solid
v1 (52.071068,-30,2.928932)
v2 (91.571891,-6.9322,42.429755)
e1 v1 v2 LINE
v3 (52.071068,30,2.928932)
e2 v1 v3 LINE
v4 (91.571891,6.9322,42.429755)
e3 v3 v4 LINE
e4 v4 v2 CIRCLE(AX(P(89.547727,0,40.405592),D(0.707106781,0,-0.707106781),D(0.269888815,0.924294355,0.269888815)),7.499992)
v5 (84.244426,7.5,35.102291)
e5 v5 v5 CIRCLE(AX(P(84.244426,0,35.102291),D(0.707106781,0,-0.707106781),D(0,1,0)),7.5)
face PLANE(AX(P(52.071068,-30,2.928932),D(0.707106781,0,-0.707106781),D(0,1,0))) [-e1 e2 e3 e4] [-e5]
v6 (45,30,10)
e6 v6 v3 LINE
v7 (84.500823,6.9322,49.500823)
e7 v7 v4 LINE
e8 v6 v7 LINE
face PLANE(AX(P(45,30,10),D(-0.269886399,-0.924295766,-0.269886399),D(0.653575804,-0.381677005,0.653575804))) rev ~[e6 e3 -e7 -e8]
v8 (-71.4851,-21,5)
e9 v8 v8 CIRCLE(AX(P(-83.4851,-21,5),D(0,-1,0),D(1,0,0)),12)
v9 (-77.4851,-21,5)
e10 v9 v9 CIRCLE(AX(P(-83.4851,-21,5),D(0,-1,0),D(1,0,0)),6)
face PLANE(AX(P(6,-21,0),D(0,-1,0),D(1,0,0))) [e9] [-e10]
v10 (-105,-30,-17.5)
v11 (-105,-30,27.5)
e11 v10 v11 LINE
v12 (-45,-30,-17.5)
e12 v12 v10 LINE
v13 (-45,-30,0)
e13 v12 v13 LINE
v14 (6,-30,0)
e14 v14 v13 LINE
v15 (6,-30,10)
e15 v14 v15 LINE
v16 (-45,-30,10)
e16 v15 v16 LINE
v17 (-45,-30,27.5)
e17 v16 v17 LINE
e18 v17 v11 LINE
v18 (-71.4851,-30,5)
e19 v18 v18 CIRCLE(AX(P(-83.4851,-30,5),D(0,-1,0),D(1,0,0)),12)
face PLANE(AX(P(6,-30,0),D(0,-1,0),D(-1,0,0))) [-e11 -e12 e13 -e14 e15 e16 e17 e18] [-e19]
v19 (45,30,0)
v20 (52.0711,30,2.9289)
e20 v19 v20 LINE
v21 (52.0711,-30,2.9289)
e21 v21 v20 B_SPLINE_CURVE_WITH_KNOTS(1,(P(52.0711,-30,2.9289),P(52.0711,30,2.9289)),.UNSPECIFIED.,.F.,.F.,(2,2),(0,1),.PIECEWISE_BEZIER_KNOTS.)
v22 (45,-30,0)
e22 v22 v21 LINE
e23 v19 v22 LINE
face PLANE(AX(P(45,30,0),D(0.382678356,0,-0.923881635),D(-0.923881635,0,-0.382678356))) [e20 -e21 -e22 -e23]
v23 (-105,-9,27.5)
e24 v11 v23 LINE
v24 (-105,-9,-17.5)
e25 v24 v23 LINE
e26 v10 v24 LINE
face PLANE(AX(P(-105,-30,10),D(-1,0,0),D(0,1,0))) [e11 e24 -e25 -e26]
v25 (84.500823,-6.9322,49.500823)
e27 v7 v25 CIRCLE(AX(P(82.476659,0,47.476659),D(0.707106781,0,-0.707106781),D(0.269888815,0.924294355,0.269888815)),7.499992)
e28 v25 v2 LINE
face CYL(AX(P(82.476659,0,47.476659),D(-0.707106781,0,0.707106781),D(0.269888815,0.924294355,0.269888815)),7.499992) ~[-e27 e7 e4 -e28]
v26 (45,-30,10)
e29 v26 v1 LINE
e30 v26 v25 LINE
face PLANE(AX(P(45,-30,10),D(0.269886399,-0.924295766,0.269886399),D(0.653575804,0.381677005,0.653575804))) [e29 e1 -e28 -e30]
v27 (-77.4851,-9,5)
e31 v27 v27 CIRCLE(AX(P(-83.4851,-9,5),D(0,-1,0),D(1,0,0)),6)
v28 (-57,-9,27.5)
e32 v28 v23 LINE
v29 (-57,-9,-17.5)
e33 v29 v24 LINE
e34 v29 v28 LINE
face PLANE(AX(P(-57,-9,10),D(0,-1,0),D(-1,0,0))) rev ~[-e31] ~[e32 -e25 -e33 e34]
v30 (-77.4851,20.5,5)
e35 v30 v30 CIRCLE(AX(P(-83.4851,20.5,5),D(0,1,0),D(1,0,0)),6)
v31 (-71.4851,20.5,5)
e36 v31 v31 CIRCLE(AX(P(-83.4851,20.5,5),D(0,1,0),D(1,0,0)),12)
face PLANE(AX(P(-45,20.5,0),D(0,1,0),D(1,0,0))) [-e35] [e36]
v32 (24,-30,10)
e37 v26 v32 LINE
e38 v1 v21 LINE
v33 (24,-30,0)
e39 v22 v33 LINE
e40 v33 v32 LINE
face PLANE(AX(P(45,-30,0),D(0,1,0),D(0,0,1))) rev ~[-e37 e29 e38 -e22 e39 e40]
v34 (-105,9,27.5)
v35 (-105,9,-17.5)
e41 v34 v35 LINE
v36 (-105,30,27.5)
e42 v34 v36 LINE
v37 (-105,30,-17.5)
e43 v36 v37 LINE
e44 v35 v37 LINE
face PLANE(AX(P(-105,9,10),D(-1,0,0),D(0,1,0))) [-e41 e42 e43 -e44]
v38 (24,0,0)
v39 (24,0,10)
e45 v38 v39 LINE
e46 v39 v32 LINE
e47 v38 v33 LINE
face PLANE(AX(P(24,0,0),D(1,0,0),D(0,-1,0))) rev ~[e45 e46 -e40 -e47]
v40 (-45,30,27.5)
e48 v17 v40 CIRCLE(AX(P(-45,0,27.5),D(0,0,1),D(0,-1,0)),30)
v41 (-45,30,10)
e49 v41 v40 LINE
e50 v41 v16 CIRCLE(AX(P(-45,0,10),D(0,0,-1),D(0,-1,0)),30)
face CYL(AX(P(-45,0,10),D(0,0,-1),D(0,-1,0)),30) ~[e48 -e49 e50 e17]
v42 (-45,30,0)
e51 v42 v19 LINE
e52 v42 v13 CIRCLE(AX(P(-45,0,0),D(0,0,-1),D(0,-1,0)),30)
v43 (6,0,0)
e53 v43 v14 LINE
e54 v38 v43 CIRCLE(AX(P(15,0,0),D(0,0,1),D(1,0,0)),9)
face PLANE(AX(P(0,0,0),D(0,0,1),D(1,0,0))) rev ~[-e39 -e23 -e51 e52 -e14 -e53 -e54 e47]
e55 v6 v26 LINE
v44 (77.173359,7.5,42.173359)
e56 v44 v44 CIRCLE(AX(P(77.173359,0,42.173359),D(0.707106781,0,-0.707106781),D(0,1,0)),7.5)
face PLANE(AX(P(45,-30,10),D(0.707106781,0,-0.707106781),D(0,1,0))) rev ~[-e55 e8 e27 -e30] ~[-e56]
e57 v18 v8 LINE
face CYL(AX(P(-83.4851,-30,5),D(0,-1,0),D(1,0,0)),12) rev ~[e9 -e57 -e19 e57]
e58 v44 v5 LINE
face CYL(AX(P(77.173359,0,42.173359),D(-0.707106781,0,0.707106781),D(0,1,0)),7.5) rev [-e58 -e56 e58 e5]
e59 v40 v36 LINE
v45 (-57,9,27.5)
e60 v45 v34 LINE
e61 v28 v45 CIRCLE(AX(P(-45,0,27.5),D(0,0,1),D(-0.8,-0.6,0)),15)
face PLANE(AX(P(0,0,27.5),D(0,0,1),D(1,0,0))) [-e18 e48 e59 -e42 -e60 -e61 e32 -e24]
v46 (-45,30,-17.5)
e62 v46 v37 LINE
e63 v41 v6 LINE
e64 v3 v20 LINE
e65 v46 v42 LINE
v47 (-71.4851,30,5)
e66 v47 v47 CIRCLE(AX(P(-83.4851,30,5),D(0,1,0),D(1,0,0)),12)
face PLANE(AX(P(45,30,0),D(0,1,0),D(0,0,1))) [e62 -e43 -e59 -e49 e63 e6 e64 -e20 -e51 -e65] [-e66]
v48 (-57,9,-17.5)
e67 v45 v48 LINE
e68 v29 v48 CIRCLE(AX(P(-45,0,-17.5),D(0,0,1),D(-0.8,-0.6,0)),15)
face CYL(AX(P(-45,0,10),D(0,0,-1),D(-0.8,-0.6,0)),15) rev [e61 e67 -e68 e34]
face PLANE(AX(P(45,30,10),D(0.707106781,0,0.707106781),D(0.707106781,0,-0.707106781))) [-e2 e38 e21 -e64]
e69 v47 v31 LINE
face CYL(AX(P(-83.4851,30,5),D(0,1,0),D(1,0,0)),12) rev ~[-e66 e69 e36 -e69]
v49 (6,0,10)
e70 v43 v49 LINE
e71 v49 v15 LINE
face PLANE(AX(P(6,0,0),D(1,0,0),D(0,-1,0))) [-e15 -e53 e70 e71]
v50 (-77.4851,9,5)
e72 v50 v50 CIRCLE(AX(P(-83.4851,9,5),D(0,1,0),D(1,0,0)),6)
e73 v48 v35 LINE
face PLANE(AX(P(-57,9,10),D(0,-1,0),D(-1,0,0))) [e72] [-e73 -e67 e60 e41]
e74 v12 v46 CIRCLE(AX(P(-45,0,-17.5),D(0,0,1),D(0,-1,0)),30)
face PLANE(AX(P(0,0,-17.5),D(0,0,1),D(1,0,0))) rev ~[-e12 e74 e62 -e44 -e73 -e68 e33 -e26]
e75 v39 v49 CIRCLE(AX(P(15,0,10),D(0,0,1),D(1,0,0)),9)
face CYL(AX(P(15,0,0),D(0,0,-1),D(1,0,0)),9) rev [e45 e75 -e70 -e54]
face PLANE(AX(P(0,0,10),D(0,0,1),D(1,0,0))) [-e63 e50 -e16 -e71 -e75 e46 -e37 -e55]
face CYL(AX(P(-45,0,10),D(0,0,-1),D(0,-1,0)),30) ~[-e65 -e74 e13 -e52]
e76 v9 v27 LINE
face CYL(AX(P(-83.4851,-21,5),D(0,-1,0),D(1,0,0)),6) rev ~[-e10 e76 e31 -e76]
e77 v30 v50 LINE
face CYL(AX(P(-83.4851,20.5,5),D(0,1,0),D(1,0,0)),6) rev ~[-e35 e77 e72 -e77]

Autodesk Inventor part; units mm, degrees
sketch "Sketch1" plane through (0, 0, 0) normal (0, 0, 1) x (1, 0, 0)
  line L0 (-363.8821, 101.7163) -> (-138.7473, 103.6763) construction
  line L1 (-138.7473, 103.6763) -> (-137.081, -87.7242) construction
  line L2 (-137.081, -87.7242) -> (-362.2158, -89.6841) construction
  line L3 (-362.2158, -89.6841) -> (-363.8821, 101.7163) construction
  line L4 (-45, 30) -> (45, 30)
  line L5 (45, 30) -> (45, -30)
  line L6 (-45, -30) -> (-45, 30)
  line L7 (-45, 30) -> (45, -30) construction
  line L8 (45, 30) -> (-45, -30) construction
  arc A0 (24, 0) -> (6, 0) centre (15, 0) ccw
  line L9 (15, 0) -> (6, 0) construction
  line L10 (15, 0) -> (24, 0) construction
  line L11 (6, 0) -> (6, -30)
  line L12 (24, 0) -> (24, -30)
  line L13 (45, -30) -> (24, -30)
  line L14 (6, -30) -> (-45, -30)
  point P0 (0, 0)
  dimension "d9" = 90
  dimension "d10" = 60
  dimension "d12" = 9
  dimension "d13" = 180
  dimension "d14" = 30
  dimension "d15" = 30
extrude "Extrusion1" add sketch "Sketch1" along normal blind 10
ref_plane "Work Plane1" through (45, -30, 10) normal (0.7071, 0, -0.7071) x (0, 1, 0)
sketch "Sketch2" plane through (45, -30, 10) normal (0.7071, 0, -0.7071) x (0, 1, 0)
  line L0 (60, 0) -> (60, -63.6396) projected
  line L1 (0, 0) -> (60, 0) projected
  circle A0 centre (30, 45.5) radius 7.5
  line L2 (60, 0) -> (36.9322, 55.8626)
  line L3 (0, 0) -> (23.0678, 55.8626)
  arc A1 (36.9322, 55.8626) -> (23.0678, 55.8626) centre (30, 53) ccw
  point P0 (30, -38.8909)
  dimension "d19" = 15
  dimension "d20" = 45.5
  dimension "d22" = 7.5
extrude "Extrusion2" add sketch "Sketch2" along normal blind 10
sketch "Sketch3" plane through (0, 0, 0) normal (0, 1, 0) x (-1, 0, 0)
  point P0 (0, 0)
sketch "Sketch4" plane through (0, 0, 0) normal (0, 0, 1) x (1, 0, 0)
  point P0 (0, 0)
sketch "Sketch5" plane through (0, 0, 0) normal (0, 1, 0) x (-1, 0, 0)
  point P0 (0, 0)
ref_plane "Work Plane2" through (0, 30, 0) normal (0, 1, 0) x (-1, 0, 0)
ref_plane "Work Plane3" through (0, -30, 0) normal (0, 1, 0) x (-1, 0, 0)
sketch "Sketch6" plane through (0, 30, 0) normal (0, 1, 0) x (-1, 0, 0)
  line L0 (-45, 0) -> (-45, 10) projected
  line L1 (-45, 10) -> (-52.0711, 2.9289) projected
  line L2 (-45, 0) -> (-52.0711, 2.9289)
  line L3 (-52.0711, 2.9289) -> (-45, 10)
  line L4 (-45, 10) -> (-45, 0)
  point P0 (0, 0)
sketch "Sketch7" plane through (0, -30, 0) normal (0, 1, 0) x (-1, 0, 0)
  point P0 (0, 0)
sketch "Sketch8" plane through (0, -30, 0) normal (0, 1, 0) x (-1, 0, 0)
  line L0 (-45, 10) -> (-52.0711, 2.9289) projected
  line L1 (-52.0711, 2.9289) -> (-45, 10)
  line L2 (-45, 0) -> (-45, 10) projected
  line L3 (-45, 10) -> (-45, 0)
  line L4 (-45, 0) -> (-52.0711, 2.9289)
  point P0 (0, 0)
loft "Loft1" add profiles "Sketch8", "Sketch6"
sketch "Sketch9" plane through (0, 0, 10) normal (0, 0, 1) x (1, 0, 0)
  line L0 (45, 30) -> (-45, 30) projected
  line L1 (-45, 30) -> (-105, 30)
  line L2 (-45, 30) -> (-45, -30) projected
  line L3 (-45, -30) -> (-105, -30)
  arc A0 (-45, -30) -> (-45, 30) centre (-45, 0) ccw
  arc A1 (-57, -9) -> (-57, 9) centre (-45, 0) ccw
  line L4 (-57, 9) -> (-105, 9)
  line L5 (-57, -9) -> (-105, -9)
  line L6 (-105, -30) -> (-105, -9)
  line L7 (-105, 9) -> (-105, 30)
  point P0 (0, 0)
  dimension "d31" = 60
  dimension "d32" = 60
  dimension "d33" = 15
  dimension "d34" = 18
  dimension "d35" = 21
extrude "Extrusion3" add sketch "Sketch9" along normal blind 17.5 and the other way blind 27.5 contours L2 A1 L4 L7 L1 | A0 L2 A1 | L3 L6 L5 A1 L2
sketch "Sketch10" plane through (-105, 9, 27.5) normal (-1, 0, 0) x (0, 0, 1)
  line L0 (-45, 0) -> (-45, 21) projected
  line L1 (0, 21) -> (0, 0) projected
  point P0 (-27.5, -9)
  point P1 (-45, 10.5)
  dimension "d40" = 45
sketch "Sketch11" plane through (-45, 30, 0) normal (0, 1, 0) x (1, 0, 0)
  circle A0 centre (-38.4851, -5) radius 12
  line L0 (0, -27.5) -> (-60, -27.5) projected
  point P0 (45, 0)
  dimension "d42" = 24
extrude "Extrusion4" cut sketch "Sketch11" against normal blind 9.5
sketch "Sketch12" plane through (-83.4851, 20.5, 5) normal (0, 1, 0) x (1, 0, 0)
  circle A0 centre (0, 0) radius 12 projected
  circle A1 centre (0, 0) radius 6
  point P0 (83.4851, 5)
  dimension "d46" = 12
extrude "Extrusion5" cut sketch "Sketch12" against normal blind 12 contours A1
sketch "Sketch13" plane through (6, -30, 0) normal (0, -1, 0) x (1, 0, 0)
  circle A0 centre (-89.4851, 5) radius 12
  point P0 (-6, 0)
  dimension "d49" = 24
extrude "Extrusion6" cut sketch "Sketch13" against normal blind 9
sketch "Sketch14" plane through (-83.4851, -21, 5) normal (0, -1, 0) x (1, 0, 0)
  circle A0 centre (0, 0) radius 12 projected
  circle A1 centre (0, 0) radius 6
  point P0 (83.4851, -5)
  dimension "d52" = 12
extrude "Extrusion7" cut sketch "Sketch14" against normal blind 12 contours A1
sketch "Sketch15" plane through (0, 0, 10) normal (0, 0, 1) x (1, 0, 0)
  arc A0 (-45, -15) -> (-45, 15) centre (-45, 0) ccw projected
  line L0 (-45, 15) -> (-45, -15) projected
  line L1 (-45, -15) -> (-45, 15)
  arc A1 (-45, -15) -> (-45, 15) centre (-45, 0) ccw
  point P0 (0, 0)
extrude "Extrusion8" cut sketch "Sketch15" against normal through all
properties part number "cad@40"
